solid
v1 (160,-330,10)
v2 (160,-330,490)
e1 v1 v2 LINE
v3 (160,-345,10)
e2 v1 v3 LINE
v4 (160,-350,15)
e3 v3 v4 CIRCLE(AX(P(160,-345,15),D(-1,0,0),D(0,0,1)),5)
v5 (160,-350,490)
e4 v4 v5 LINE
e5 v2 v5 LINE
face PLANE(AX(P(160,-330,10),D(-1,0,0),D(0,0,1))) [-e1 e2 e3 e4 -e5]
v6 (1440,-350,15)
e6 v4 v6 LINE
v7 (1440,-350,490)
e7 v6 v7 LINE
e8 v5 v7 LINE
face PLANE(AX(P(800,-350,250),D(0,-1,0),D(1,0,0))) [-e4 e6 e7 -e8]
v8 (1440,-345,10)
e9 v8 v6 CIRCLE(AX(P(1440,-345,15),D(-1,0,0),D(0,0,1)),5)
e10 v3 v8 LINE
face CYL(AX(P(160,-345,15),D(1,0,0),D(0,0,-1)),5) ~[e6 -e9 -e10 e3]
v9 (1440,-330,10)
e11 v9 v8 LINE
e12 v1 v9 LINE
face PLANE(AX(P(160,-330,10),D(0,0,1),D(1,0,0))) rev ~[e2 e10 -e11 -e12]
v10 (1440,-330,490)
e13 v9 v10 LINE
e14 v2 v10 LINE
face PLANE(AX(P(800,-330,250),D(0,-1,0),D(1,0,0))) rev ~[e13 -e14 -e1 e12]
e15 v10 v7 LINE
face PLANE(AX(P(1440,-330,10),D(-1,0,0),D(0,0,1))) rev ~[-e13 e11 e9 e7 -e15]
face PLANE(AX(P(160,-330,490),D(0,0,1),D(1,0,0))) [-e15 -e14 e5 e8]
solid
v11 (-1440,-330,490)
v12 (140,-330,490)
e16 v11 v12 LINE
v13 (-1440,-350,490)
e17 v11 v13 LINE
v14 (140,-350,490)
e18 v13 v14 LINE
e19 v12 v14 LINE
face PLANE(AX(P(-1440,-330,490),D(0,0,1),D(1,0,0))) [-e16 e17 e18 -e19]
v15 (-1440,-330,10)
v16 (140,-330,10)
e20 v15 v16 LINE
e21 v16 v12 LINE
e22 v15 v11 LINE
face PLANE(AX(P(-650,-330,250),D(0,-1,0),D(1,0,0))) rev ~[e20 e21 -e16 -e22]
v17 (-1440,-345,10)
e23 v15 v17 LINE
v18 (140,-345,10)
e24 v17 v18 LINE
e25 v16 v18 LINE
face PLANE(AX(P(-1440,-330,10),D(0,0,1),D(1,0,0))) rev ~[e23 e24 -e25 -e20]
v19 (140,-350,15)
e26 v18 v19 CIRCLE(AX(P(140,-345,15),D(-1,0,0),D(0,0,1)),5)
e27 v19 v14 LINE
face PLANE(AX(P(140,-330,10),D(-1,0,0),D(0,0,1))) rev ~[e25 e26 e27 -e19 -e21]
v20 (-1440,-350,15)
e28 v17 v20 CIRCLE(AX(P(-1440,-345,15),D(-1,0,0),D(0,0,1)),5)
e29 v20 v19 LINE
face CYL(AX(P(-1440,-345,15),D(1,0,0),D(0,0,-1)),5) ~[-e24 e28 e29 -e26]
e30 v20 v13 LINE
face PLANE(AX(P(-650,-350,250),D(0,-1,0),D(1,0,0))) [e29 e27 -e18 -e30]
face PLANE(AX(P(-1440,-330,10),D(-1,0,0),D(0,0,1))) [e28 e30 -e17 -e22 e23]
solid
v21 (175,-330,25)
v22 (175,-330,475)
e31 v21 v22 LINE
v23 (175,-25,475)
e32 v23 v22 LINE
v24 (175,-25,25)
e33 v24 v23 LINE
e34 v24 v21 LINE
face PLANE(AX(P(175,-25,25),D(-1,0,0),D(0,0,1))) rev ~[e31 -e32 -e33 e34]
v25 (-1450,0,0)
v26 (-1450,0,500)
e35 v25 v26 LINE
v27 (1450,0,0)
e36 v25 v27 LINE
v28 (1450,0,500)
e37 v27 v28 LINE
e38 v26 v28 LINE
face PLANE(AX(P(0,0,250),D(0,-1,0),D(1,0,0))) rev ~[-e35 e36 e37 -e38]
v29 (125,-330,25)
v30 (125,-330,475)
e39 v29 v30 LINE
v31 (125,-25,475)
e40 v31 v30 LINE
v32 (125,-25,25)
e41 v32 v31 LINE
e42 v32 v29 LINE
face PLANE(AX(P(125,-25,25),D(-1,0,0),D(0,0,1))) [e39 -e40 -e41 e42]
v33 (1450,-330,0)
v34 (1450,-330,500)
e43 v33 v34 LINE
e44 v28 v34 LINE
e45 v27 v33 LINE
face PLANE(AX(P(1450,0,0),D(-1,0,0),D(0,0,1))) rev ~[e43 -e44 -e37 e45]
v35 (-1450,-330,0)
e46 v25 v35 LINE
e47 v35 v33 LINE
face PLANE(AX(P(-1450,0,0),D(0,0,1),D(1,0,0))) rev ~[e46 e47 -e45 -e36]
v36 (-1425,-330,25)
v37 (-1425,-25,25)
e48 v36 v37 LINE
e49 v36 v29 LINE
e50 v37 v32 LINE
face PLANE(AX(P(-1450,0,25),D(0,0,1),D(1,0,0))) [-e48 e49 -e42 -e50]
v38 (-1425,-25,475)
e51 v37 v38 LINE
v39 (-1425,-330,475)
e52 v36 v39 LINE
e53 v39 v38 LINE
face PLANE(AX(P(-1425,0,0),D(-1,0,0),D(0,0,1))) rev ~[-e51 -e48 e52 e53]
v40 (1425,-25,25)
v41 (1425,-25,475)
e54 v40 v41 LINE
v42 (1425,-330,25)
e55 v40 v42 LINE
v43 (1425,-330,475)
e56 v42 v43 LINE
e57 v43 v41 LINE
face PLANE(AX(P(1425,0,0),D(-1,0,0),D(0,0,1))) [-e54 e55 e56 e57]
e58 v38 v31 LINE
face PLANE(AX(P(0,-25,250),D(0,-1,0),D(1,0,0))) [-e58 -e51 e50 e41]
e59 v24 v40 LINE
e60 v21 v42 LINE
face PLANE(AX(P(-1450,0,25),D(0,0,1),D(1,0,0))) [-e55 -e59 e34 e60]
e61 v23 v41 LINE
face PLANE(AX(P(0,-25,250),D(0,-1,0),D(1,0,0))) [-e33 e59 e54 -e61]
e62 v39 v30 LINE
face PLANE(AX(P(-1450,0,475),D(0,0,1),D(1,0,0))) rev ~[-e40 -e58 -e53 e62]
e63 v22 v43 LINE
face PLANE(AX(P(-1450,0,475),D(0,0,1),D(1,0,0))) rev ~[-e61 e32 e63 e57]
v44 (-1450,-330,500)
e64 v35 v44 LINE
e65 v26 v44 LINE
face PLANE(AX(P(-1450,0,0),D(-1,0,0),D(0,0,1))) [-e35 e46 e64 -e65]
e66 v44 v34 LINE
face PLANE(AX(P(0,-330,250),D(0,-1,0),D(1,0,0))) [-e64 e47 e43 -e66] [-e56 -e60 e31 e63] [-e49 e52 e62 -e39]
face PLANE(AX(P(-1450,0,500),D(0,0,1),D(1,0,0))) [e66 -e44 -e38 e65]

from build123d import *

# Parameters (mm, degrees)
F0_W     = 2900
F0_H     = 500
F1_DEPTH = 330
F2_T     = -25
F3_W     = 25
F3_H     = 450
F4_DEPTH = 305
F5_W     = 1580
F5_H     = 480
F5_W_2   = 1280
F6_DEPTH = 20
F7_R     = 5


with BuildPart() as f1:
    # F0 (on Front) → F1 (new body)
    with BuildSketch(Plane.XZ):
        with Locations((0, 250)):
            Rectangle(F0_W, F0_H)
    extrude(amount=F1_DEPTH)

    # F2
    f2_openings = [f1.faces().sort_by_distance(p)[0] for p in [
        (0, -330, 250),
    ]]
    offset(amount=F2_T, openings=f2_openings)

    # F3 (on face) → F4 (join, through all)
    with BuildSketch(Plane.XZ.offset(25)):
        with Locations((137.5, 250)):
            Rectangle(F3_W, F3_H)
        with Locations((162.5, 250)):
            Rectangle(F3_W, F3_H)
    extrude(amount=F4_DEPTH)


with BuildPart() as f6:
    # F5 (on face) → F6 (new body)
    with BuildSketch(Plane.XZ.offset(330)):
        with Locations((-650, 250)):
            Rectangle(F5_W, F5_H)
        with Locations((800, 250)):
            Rectangle(F5_W_2, F5_H)
    extrude(amount=F6_DEPTH)

    # F7
    f7_edges = [f6.edges().sort_by_distance(p)[0] for p in [
        (-650, -350, 10),
        (800, -350, 10),
    ]]
    fillet(f7_edges, radius=F7_R)


solid = Compound([f1.part, f6.part])
